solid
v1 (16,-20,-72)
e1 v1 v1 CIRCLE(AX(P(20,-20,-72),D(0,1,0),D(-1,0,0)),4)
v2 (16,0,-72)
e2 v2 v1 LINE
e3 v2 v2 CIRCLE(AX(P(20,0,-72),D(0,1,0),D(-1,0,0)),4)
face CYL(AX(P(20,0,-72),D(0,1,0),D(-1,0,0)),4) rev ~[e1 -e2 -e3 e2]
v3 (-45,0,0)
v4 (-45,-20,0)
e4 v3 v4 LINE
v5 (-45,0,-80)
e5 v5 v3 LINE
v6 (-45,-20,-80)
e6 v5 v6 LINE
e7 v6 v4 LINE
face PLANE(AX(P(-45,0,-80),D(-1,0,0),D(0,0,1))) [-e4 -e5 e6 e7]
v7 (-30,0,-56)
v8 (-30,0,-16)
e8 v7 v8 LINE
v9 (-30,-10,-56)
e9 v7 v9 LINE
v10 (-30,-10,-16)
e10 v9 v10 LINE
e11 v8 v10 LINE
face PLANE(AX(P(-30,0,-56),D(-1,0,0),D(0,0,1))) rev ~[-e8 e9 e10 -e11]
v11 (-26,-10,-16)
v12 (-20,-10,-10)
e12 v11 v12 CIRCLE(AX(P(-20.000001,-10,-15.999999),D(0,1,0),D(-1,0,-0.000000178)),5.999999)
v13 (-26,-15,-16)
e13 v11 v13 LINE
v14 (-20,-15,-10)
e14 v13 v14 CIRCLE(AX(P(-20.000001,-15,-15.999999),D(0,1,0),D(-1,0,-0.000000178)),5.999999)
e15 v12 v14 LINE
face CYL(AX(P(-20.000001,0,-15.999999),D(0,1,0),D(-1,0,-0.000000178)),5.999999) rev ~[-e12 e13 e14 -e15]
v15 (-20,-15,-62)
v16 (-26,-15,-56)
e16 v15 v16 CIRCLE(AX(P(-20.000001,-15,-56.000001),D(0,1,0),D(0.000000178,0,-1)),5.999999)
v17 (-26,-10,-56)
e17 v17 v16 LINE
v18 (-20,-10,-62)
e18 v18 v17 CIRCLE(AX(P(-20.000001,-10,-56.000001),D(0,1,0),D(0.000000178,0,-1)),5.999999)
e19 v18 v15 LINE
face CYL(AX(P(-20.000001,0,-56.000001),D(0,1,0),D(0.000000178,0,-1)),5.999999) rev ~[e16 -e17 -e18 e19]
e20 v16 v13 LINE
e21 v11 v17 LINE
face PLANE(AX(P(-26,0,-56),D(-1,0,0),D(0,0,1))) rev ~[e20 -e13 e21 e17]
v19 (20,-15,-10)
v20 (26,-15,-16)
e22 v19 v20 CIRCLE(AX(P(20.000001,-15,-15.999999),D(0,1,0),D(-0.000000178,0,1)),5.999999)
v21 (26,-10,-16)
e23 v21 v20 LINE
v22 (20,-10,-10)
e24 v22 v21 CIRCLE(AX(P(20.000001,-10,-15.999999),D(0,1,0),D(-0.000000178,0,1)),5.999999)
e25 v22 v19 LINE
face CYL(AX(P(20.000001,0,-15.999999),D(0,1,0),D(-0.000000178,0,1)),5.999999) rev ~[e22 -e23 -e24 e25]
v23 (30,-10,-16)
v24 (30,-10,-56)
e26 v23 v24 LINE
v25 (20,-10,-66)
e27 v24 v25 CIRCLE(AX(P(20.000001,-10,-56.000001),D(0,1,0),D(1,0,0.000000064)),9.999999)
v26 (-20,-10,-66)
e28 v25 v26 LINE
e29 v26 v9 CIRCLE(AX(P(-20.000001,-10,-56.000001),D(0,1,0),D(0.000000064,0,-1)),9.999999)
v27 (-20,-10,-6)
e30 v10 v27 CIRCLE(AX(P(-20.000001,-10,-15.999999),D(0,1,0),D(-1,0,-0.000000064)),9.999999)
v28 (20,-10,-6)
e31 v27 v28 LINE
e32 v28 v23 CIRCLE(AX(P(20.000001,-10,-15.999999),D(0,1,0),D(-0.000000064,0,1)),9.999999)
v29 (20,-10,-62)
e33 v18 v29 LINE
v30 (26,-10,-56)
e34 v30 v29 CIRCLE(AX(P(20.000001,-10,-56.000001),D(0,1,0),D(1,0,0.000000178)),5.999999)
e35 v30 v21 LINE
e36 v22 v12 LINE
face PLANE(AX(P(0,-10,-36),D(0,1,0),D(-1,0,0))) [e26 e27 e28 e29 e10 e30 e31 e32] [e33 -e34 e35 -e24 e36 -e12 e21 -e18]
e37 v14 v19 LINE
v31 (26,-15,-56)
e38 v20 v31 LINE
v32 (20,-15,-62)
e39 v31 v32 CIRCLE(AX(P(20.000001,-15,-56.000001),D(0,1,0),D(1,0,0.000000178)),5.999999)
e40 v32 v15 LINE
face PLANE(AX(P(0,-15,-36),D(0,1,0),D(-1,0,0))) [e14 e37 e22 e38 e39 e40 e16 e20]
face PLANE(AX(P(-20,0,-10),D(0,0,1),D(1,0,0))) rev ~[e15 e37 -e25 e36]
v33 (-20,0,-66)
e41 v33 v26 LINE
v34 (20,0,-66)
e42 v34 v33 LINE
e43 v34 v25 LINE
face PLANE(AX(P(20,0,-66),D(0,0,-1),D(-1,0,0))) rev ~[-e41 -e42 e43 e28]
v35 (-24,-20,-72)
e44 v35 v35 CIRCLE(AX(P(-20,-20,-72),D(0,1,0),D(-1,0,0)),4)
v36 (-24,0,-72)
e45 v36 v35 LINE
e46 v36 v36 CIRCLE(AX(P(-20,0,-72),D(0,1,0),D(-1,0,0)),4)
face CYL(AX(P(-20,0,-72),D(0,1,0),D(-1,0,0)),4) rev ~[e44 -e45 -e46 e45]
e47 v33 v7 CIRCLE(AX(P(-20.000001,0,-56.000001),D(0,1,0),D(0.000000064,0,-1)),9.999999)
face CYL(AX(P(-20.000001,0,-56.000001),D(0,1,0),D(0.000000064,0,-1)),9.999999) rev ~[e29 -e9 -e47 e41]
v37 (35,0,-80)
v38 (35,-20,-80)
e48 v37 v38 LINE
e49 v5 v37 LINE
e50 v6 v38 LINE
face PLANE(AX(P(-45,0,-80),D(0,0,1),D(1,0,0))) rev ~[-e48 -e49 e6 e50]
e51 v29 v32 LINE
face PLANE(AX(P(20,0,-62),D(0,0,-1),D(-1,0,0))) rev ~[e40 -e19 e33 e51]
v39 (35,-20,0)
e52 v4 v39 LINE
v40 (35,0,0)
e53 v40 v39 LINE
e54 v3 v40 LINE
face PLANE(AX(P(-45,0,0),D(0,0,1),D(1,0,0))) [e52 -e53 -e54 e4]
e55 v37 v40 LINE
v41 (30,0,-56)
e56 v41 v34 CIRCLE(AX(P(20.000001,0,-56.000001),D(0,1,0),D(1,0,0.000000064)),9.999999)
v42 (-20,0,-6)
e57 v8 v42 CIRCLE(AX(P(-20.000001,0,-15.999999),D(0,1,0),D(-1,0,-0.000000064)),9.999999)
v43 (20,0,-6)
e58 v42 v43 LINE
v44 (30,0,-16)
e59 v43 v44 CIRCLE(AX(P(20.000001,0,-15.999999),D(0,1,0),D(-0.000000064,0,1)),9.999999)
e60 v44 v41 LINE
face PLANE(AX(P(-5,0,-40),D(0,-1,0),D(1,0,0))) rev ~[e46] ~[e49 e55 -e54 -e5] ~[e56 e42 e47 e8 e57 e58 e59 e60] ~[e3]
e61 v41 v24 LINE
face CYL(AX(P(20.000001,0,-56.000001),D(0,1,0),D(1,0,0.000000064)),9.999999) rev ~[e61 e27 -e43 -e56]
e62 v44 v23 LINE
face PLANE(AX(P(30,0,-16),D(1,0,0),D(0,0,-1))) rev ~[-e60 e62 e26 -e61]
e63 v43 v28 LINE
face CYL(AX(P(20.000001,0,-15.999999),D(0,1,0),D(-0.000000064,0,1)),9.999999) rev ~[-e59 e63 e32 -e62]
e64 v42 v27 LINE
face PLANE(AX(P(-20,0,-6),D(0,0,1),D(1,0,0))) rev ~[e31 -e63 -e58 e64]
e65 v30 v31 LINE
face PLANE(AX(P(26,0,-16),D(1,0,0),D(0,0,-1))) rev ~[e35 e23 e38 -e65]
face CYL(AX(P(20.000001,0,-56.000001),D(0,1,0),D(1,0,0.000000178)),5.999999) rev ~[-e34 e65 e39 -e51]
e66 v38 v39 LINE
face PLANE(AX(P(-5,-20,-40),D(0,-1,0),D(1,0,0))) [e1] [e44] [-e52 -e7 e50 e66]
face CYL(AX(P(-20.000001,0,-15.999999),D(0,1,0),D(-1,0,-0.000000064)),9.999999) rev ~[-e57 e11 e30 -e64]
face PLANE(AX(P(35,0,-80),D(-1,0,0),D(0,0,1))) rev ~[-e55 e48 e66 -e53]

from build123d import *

# Parameters (mm, degrees)
F0_W     = 80
F0_H     = 80
F1_DEPTH = 20
F3_DEPTH = 15
F5_DEPTH = 10
F6_R     = 4
F7_DEPTH = 20.001


with BuildPart() as f1:
    # F0 (on Front) → F1 (new body)
    with BuildSketch(Plane.XZ):
        with Locations((-5, -40)):
            Rectangle(F0_W, F0_H)
    extrude(amount=F1_DEPTH)

    # F2 (on face) → F3 (cut)
    with BuildSketch(Plane(origin=(0, 0, 0), x_dir=(-1, 0, 0), z_dir=(0, 1, 0))):
        with BuildLine():
            ThreePointArc((-26, -56), (-24.242641, -60.242641), (-20, -62))
            Line((-20, -62), (20, -62))
            ThreePointArc((20, -62), (24.242641, -60.242641), (26, -56))
            Line((26, -56), (26, -16))
            ThreePointArc((26, -16), (24.242641, -11.757359), (20, -10))
            Line((20, -10), (-20, -10))
            ThreePointArc((-20, -10), (-24.242641, -11.757359), (-26, -16))
            Line((-26, -16), (-26, -56))
        make_face()
    extrude(amount=-F3_DEPTH, mode=Mode.SUBTRACT)

    # F4 (on face) → F5 (cut)
    with BuildSketch(Plane(origin=(0, 0, 0), x_dir=(-1, 0, 0), z_dir=(0, 1, 0))):
        with BuildLine():
            ThreePointArc((-30, -56), (-27.071068, -63.071068), (-20, -66))
            Line((-20, -66), (20, -66))
            ThreePointArc((20, -66), (27.071068, -63.071068), (30, -56))
            Line((30, -56), (30, -16))
            ThreePointArc((30, -16), (27.071068, -8.928932), (20, -6))
            Line((20, -6), (-20, -6))
            ThreePointArc((-20, -6), (-27.071068, -8.928932), (-30, -16))
            Line((-30, -16), (-30, -56))
        make_face()
    extrude(amount=-F5_DEPTH, mode=Mode.SUBTRACT)

    # F6 (on face) → F7 (cut, through all)
    with BuildSketch(Plane(origin=(0, 0, 0), x_dir=(-1, 0, 0), z_dir=(0, 1, 0))):
        with Locations((-20, -72)):
            Circle(F6_R)
        with Locations((20, -72)):
            Circle(F6_R)
    extrude(amount=-F7_DEPTH, mode=Mode.SUBTRACT)


solid = f1.part
